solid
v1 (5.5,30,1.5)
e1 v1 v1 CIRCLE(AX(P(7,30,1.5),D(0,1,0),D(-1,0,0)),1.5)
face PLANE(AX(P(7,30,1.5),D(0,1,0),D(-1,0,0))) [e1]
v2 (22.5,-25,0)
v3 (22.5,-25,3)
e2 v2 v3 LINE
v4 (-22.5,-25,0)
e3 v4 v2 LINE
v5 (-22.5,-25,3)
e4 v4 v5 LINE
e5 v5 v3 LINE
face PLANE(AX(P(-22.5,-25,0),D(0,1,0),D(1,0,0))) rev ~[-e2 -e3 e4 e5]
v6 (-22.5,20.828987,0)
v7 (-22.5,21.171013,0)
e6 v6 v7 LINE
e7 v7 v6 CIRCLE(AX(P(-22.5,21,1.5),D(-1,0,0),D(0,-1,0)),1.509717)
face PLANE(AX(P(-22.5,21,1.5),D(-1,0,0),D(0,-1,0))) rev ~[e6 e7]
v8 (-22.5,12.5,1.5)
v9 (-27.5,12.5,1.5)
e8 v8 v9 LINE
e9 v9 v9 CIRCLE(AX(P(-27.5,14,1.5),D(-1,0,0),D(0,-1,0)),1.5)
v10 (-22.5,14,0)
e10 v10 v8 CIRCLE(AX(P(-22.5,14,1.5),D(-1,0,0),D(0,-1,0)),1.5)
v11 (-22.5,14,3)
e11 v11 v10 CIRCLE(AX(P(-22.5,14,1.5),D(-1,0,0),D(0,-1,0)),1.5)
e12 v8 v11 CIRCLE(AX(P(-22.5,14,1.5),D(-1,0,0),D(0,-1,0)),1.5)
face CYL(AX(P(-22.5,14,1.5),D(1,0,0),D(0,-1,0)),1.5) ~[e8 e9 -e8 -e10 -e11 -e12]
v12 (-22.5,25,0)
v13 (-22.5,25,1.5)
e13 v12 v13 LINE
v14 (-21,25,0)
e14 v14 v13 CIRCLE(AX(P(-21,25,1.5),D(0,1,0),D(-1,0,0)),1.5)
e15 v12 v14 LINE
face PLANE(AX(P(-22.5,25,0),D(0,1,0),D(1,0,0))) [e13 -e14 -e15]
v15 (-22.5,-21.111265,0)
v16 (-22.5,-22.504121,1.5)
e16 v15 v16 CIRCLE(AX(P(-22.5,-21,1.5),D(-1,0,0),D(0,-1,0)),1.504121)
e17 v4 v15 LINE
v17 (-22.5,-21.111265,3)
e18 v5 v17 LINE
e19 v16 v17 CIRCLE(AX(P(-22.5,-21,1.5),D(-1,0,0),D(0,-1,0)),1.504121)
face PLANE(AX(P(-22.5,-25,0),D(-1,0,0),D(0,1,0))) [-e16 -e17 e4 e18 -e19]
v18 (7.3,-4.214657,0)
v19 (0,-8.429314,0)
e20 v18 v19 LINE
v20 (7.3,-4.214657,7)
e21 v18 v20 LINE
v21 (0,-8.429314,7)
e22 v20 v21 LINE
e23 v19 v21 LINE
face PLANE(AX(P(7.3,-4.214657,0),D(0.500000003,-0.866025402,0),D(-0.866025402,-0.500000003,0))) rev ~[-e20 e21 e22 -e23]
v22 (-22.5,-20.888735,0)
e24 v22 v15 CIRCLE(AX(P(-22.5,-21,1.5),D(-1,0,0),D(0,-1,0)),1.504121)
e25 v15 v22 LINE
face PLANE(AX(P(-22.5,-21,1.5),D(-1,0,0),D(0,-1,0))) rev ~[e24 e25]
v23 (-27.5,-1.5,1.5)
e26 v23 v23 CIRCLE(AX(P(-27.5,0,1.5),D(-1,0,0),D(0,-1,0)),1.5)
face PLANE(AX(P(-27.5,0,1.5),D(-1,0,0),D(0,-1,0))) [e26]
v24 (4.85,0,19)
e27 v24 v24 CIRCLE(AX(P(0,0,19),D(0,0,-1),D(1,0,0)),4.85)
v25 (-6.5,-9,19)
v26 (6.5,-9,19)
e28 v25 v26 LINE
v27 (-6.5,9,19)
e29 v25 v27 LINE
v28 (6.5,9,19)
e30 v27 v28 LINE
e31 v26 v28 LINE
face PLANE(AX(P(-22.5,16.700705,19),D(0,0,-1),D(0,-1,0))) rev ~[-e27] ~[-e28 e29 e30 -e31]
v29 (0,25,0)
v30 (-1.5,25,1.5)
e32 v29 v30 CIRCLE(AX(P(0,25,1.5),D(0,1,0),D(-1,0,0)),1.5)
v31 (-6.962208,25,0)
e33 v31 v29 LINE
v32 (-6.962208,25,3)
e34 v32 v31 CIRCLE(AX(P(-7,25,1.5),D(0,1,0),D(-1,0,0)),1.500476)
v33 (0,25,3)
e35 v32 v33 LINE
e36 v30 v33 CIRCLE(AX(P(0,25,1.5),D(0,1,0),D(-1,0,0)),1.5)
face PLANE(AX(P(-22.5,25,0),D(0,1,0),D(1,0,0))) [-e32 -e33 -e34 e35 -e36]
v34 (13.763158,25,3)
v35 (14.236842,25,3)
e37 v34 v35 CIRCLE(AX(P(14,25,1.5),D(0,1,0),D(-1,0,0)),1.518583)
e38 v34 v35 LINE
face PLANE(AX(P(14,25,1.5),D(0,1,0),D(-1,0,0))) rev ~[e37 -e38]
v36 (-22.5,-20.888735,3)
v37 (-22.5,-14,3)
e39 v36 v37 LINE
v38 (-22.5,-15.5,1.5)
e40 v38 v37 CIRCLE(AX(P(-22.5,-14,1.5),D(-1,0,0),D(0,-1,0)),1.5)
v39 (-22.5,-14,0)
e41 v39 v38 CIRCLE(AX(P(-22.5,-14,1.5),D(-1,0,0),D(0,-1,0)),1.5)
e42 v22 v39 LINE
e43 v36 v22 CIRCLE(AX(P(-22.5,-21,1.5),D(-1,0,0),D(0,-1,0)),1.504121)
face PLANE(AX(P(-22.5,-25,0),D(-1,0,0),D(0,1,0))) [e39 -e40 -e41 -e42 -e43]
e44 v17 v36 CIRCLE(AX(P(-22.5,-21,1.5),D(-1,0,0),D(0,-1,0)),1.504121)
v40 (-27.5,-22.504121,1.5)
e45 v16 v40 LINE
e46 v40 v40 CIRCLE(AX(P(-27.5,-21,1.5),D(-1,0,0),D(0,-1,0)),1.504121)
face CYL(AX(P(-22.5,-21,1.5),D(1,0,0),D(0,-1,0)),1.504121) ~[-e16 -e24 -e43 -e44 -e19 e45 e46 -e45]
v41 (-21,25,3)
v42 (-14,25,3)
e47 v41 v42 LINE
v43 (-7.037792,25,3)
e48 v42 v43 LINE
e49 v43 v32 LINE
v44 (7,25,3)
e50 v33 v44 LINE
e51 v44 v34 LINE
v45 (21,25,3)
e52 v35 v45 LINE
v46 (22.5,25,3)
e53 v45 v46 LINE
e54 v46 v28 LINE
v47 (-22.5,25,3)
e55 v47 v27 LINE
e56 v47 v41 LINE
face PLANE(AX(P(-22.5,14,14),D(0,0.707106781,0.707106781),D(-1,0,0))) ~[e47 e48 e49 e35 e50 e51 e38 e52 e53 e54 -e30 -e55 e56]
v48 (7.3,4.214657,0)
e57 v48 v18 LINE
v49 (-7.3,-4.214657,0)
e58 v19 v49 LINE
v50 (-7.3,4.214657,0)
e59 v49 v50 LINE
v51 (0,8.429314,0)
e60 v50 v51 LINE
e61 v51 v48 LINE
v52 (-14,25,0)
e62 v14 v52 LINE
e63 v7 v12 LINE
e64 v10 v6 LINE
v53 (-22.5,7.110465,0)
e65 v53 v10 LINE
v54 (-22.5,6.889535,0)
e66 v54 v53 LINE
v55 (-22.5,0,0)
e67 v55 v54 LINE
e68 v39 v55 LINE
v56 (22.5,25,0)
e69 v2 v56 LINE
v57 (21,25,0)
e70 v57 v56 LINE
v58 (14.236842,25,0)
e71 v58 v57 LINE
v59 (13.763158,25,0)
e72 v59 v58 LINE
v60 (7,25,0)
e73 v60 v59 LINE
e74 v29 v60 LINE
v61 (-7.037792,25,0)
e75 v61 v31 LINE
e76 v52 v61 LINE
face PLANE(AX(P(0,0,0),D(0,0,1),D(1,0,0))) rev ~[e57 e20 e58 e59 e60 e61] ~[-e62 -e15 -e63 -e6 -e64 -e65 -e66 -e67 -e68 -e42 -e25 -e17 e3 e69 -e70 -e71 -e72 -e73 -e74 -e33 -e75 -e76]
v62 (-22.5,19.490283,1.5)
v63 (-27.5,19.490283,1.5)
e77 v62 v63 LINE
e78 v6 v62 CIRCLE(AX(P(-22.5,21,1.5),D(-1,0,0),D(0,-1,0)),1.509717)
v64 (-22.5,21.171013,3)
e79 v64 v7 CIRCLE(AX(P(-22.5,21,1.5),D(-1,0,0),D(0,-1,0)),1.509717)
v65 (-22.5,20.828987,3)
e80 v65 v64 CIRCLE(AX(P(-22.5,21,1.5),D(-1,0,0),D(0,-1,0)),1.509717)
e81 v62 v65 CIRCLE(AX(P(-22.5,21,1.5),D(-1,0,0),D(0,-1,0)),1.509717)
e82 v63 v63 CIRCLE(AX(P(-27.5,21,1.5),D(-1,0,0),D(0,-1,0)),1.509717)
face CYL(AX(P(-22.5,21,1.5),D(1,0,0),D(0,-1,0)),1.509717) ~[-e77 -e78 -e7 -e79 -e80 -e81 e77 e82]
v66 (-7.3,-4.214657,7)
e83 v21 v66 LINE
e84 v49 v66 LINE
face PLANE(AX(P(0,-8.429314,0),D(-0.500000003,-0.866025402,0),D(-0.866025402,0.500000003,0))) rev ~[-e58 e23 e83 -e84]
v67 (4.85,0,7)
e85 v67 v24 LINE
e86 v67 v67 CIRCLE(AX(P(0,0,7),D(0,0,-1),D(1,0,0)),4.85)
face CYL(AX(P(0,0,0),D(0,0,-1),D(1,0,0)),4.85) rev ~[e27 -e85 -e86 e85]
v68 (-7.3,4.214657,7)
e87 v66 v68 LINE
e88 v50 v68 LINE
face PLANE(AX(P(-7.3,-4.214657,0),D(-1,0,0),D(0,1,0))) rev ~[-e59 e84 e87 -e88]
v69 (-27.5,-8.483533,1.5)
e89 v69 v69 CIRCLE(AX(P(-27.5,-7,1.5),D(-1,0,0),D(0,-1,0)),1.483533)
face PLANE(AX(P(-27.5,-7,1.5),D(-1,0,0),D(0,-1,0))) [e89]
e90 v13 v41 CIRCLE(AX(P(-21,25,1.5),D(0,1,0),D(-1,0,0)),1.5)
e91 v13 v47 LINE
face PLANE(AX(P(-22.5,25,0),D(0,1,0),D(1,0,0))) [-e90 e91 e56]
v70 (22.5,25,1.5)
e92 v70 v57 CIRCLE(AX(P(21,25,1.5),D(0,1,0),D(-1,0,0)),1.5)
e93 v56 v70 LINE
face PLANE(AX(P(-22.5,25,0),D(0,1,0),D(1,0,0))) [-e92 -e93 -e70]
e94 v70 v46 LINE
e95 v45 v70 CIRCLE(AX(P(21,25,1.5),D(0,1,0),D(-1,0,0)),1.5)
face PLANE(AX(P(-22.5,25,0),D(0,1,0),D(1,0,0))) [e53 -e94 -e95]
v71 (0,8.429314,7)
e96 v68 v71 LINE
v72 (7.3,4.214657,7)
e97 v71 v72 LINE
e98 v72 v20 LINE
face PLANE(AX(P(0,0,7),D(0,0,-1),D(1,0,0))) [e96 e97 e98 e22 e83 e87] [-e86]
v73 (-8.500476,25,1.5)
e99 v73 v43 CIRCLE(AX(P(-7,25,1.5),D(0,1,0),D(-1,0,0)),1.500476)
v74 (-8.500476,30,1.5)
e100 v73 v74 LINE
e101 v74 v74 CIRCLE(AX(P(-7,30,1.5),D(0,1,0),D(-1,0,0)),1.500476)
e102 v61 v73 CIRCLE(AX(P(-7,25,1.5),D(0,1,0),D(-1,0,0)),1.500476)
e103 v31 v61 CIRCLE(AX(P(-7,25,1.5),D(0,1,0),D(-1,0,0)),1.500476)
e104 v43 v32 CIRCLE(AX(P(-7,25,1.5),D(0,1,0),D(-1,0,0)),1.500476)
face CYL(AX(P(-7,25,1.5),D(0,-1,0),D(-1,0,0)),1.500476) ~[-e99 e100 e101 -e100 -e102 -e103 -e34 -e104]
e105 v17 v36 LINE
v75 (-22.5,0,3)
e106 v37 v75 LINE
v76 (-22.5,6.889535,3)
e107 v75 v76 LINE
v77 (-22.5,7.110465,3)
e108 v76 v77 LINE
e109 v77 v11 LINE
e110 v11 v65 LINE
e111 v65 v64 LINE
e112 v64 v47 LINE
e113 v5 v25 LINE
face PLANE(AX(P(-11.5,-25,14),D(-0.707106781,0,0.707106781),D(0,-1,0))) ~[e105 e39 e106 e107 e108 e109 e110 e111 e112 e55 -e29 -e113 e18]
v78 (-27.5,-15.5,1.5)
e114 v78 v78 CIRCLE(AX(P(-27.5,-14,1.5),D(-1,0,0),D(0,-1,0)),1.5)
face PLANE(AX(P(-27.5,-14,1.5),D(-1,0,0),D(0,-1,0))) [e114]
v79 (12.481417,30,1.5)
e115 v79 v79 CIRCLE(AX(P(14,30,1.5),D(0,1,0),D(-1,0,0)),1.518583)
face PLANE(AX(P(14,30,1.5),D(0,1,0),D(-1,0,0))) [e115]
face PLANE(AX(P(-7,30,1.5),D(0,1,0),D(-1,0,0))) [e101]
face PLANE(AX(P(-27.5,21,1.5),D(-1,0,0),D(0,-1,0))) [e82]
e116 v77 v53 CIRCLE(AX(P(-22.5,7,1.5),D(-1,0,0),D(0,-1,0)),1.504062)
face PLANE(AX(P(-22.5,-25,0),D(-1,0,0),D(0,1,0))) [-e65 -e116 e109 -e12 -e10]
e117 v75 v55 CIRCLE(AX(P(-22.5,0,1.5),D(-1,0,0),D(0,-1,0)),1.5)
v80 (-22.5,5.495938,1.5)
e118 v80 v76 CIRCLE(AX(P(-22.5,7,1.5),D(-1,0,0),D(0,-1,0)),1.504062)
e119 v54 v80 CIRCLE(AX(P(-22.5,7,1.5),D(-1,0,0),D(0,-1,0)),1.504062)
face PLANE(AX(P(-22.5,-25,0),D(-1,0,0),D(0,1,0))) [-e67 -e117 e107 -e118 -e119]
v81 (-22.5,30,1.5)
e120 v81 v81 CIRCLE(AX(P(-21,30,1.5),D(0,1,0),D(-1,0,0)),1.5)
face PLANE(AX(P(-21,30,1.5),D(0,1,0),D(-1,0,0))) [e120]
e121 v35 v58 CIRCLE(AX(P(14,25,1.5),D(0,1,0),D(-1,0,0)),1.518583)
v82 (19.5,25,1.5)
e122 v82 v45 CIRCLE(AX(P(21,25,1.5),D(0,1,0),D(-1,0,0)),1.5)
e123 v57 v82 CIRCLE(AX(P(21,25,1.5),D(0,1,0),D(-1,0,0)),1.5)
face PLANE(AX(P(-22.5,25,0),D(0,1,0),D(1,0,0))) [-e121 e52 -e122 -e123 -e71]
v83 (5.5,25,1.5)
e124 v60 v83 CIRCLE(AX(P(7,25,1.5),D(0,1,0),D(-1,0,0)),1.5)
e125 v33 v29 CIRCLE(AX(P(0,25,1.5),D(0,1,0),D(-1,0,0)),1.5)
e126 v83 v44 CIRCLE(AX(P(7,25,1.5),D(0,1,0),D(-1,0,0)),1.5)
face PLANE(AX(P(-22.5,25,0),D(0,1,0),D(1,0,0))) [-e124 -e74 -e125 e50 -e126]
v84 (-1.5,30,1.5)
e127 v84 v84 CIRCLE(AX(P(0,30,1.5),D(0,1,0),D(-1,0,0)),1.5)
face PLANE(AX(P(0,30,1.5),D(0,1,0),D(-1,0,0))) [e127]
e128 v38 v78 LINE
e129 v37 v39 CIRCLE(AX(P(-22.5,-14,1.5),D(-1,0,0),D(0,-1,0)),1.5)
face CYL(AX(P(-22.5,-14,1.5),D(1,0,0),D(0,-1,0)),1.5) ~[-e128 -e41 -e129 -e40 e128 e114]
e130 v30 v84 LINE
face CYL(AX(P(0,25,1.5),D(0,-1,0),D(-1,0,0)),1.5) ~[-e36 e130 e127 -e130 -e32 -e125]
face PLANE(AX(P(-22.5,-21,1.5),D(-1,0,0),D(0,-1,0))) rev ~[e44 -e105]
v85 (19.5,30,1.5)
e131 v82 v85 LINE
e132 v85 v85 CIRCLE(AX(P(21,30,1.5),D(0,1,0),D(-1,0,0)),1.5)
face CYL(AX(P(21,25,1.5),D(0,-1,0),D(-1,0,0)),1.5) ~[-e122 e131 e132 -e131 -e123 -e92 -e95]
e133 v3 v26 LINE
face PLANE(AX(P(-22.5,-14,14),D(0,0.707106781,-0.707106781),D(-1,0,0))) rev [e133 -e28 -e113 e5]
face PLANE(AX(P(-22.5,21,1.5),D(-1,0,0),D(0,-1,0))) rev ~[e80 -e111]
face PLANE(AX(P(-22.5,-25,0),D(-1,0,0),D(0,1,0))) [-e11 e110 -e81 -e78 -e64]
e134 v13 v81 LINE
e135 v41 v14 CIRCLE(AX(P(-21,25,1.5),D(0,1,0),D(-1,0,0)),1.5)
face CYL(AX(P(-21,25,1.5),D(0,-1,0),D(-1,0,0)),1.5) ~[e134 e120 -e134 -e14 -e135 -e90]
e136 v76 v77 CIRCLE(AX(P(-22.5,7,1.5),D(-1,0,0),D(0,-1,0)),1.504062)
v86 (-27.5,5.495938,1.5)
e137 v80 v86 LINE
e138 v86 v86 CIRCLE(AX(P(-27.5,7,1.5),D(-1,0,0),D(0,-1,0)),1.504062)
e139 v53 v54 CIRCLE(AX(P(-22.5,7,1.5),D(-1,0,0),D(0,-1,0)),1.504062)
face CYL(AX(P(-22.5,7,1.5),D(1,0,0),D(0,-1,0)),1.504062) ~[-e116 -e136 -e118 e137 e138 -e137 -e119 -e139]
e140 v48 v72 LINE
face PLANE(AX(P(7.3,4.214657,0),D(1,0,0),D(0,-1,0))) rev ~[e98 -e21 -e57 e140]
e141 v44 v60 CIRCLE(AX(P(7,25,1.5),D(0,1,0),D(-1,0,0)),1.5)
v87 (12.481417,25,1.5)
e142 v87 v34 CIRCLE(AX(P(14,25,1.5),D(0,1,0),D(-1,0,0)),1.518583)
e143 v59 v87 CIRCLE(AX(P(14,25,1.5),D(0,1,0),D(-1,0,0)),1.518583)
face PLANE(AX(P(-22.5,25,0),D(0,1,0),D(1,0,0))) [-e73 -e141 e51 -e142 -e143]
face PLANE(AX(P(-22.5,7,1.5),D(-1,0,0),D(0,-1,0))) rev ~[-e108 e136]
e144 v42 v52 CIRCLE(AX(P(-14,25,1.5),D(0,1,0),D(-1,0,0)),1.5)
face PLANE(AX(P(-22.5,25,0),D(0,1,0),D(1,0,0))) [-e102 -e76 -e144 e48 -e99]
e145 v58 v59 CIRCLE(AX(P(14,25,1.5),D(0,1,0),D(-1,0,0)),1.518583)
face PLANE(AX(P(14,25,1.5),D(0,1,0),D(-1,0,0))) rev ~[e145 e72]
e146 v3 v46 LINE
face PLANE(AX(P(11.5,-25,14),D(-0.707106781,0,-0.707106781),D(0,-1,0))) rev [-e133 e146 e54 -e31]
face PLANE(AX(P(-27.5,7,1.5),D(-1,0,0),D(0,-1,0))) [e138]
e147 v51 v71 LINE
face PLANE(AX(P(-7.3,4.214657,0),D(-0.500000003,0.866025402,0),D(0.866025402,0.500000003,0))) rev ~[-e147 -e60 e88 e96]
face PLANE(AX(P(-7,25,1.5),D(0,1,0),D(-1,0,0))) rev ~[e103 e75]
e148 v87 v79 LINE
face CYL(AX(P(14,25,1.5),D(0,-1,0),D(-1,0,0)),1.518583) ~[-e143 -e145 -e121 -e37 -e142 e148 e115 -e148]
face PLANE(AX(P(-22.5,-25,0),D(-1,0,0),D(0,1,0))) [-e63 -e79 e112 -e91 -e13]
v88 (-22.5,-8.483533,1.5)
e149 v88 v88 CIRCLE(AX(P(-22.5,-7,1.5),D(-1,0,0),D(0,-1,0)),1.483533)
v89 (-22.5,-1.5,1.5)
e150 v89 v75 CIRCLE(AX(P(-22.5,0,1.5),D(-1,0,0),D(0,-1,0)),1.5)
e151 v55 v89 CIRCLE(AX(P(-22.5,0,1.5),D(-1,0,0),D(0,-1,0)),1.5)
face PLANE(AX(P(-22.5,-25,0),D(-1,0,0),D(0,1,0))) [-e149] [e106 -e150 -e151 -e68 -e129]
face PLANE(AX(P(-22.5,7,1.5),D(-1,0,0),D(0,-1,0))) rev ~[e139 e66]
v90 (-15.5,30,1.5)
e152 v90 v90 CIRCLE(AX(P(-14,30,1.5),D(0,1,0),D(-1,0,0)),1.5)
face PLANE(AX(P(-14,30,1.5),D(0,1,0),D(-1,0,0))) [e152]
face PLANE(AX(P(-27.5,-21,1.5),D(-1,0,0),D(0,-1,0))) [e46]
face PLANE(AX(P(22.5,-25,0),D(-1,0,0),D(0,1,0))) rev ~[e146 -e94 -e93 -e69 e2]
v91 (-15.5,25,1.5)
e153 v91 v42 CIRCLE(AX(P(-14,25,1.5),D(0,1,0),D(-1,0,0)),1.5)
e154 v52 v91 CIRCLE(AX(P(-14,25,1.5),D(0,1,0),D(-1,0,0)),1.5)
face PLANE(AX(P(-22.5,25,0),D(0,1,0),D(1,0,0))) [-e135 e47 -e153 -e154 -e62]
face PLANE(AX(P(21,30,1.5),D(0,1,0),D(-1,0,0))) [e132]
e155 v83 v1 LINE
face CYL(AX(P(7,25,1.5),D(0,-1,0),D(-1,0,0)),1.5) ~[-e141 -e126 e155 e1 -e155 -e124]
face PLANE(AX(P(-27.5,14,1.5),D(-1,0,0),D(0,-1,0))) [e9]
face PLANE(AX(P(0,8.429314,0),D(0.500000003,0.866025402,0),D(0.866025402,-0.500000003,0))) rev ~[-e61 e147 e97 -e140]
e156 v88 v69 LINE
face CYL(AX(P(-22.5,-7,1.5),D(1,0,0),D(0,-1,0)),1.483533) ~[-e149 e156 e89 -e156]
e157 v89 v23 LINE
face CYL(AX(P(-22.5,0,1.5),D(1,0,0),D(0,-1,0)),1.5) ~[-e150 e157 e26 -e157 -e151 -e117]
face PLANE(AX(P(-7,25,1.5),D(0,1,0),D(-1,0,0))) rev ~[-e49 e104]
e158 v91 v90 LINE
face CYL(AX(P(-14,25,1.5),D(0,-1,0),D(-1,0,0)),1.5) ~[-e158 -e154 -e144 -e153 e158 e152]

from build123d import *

# Parameters (mm, degrees)
SKETCH_W        = 45
SKETCH_H        = 50
PAD_DEPTH       = 25
CHAMFER_SIZE    = 22
SKETCH001_R     = 4.85
POCKET_DEPTH    = 25.001
SKETCH002_W     = 32.700705
SKETCH002_H     = 10
POCKET001_DEPTH = 45.001
SKETCH003_R     = 1.5
SKETCH003_R_2   = 1.518583
SKETCH003_R_3   = 1.500476
PAD001_DEPTH    = 5
SKETCH004_R     = 1.5
SKETCH004_R_2   = 1.504062
SKETCH004_R_3   = 1.509717
SKETCH004_R_4   = 1.483533
SKETCH004_R_5   = 1.504121
PAD002_DEPTH    = 5
POCKET002_DEPTH = 7


with BuildPart() as part:
    # Sketch → Pad (new body)
    with BuildSketch(Plane.XY):
        Rectangle(SKETCH_W, SKETCH_H)
    extrude(amount=PAD_DEPTH)

    # Chamfer
    chamfer_edges = [part.edges().sort_by_distance(p)[0] for p in [
        (0, 25, 25),
        (-22.5, 0, 25),
        (0, -25, 25),
        (22.5, 0, 25),
    ]]
    chamfer(chamfer_edges, length=CHAMFER_SIZE)

    # Sketch001 → Pocket (cut, through all)
    with BuildSketch(Plane(origin=(0, 0, 0), x_dir=(1, 0, 0), z_dir=(0, 0, -1))):
        Circle(SKETCH001_R)
    extrude(amount=-POCKET_DEPTH, mode=Mode.SUBTRACT)

    # Sketch002 → Pocket001 (cut, through all)
    with BuildSketch(Plane(origin=(-22.5, 0, 0), x_dir=(0, -1, 0), z_dir=(-1, 0, 0))):
        with Locations((-0.350352, 24)):
            Rectangle(SKETCH002_W, SKETCH002_H)
    extrude(amount=-POCKET001_DEPTH, mode=Mode.SUBTRACT)

    # Sketch003 → Pad001 (new body)
    with BuildSketch(Plane(origin=(0, 25, 0), x_dir=(-1, 0, 0), z_dir=(0, 1, 0))):
        with Locations((-21, 1.5)):
            Circle(SKETCH003_R)
        with Locations((-14, 1.5)):
            Circle(SKETCH003_R_2)
        with Locations((0, 1.5)):
            Circle(SKETCH003_R)
        with Locations((-7, 1.5)):
            Circle(SKETCH003_R)
        with Locations((7, 1.5)):
            Circle(SKETCH003_R_3)
        with Locations((14, 1.5)):
            Circle(SKETCH003_R)
        with Locations((21, 1.5)):
            Circle(SKETCH003_R)
    extrude(amount=PAD001_DEPTH)

    # Sketch004 → Pad002 (new body)
    with BuildSketch(Plane(origin=(-22.5, 0, 0), x_dir=(0, -1, 0), z_dir=(-1, 0, 0))):
        with Locations((0, 1.5)):
            Circle(SKETCH004_R)
        with Locations((-7, 1.5)):
            Circle(SKETCH004_R_2)
        with Locations((-14, 1.5)):
            Circle(SKETCH004_R)
        with Locations((-21, 1.5)):
            Circle(SKETCH004_R_3)
        with Locations((7, 1.5)):
            Circle(SKETCH004_R_4)
        with Locations((14, 1.5)):
            Circle(SKETCH004_R)
        with Locations((21, 1.5)):
            Circle(SKETCH004_R_5)
    extrude(amount=PAD002_DEPTH)

    # Sketch005 → Pocket002 (cut)
    with BuildSketch(Plane(origin=(0, 0, 0), x_dir=(1, 0, 0), z_dir=(0, 0, -1))):
        Polygon((7.3, -4.214657), (7.3, 4.214657), (0, 8.429314), (-7.3, 4.214657), (-7.3, -4.214657), (0, -8.429314), align=None)
    extrude(amount=-POCKET002_DEPTH, mode=Mode.SUBTRACT)


solid = part.part
